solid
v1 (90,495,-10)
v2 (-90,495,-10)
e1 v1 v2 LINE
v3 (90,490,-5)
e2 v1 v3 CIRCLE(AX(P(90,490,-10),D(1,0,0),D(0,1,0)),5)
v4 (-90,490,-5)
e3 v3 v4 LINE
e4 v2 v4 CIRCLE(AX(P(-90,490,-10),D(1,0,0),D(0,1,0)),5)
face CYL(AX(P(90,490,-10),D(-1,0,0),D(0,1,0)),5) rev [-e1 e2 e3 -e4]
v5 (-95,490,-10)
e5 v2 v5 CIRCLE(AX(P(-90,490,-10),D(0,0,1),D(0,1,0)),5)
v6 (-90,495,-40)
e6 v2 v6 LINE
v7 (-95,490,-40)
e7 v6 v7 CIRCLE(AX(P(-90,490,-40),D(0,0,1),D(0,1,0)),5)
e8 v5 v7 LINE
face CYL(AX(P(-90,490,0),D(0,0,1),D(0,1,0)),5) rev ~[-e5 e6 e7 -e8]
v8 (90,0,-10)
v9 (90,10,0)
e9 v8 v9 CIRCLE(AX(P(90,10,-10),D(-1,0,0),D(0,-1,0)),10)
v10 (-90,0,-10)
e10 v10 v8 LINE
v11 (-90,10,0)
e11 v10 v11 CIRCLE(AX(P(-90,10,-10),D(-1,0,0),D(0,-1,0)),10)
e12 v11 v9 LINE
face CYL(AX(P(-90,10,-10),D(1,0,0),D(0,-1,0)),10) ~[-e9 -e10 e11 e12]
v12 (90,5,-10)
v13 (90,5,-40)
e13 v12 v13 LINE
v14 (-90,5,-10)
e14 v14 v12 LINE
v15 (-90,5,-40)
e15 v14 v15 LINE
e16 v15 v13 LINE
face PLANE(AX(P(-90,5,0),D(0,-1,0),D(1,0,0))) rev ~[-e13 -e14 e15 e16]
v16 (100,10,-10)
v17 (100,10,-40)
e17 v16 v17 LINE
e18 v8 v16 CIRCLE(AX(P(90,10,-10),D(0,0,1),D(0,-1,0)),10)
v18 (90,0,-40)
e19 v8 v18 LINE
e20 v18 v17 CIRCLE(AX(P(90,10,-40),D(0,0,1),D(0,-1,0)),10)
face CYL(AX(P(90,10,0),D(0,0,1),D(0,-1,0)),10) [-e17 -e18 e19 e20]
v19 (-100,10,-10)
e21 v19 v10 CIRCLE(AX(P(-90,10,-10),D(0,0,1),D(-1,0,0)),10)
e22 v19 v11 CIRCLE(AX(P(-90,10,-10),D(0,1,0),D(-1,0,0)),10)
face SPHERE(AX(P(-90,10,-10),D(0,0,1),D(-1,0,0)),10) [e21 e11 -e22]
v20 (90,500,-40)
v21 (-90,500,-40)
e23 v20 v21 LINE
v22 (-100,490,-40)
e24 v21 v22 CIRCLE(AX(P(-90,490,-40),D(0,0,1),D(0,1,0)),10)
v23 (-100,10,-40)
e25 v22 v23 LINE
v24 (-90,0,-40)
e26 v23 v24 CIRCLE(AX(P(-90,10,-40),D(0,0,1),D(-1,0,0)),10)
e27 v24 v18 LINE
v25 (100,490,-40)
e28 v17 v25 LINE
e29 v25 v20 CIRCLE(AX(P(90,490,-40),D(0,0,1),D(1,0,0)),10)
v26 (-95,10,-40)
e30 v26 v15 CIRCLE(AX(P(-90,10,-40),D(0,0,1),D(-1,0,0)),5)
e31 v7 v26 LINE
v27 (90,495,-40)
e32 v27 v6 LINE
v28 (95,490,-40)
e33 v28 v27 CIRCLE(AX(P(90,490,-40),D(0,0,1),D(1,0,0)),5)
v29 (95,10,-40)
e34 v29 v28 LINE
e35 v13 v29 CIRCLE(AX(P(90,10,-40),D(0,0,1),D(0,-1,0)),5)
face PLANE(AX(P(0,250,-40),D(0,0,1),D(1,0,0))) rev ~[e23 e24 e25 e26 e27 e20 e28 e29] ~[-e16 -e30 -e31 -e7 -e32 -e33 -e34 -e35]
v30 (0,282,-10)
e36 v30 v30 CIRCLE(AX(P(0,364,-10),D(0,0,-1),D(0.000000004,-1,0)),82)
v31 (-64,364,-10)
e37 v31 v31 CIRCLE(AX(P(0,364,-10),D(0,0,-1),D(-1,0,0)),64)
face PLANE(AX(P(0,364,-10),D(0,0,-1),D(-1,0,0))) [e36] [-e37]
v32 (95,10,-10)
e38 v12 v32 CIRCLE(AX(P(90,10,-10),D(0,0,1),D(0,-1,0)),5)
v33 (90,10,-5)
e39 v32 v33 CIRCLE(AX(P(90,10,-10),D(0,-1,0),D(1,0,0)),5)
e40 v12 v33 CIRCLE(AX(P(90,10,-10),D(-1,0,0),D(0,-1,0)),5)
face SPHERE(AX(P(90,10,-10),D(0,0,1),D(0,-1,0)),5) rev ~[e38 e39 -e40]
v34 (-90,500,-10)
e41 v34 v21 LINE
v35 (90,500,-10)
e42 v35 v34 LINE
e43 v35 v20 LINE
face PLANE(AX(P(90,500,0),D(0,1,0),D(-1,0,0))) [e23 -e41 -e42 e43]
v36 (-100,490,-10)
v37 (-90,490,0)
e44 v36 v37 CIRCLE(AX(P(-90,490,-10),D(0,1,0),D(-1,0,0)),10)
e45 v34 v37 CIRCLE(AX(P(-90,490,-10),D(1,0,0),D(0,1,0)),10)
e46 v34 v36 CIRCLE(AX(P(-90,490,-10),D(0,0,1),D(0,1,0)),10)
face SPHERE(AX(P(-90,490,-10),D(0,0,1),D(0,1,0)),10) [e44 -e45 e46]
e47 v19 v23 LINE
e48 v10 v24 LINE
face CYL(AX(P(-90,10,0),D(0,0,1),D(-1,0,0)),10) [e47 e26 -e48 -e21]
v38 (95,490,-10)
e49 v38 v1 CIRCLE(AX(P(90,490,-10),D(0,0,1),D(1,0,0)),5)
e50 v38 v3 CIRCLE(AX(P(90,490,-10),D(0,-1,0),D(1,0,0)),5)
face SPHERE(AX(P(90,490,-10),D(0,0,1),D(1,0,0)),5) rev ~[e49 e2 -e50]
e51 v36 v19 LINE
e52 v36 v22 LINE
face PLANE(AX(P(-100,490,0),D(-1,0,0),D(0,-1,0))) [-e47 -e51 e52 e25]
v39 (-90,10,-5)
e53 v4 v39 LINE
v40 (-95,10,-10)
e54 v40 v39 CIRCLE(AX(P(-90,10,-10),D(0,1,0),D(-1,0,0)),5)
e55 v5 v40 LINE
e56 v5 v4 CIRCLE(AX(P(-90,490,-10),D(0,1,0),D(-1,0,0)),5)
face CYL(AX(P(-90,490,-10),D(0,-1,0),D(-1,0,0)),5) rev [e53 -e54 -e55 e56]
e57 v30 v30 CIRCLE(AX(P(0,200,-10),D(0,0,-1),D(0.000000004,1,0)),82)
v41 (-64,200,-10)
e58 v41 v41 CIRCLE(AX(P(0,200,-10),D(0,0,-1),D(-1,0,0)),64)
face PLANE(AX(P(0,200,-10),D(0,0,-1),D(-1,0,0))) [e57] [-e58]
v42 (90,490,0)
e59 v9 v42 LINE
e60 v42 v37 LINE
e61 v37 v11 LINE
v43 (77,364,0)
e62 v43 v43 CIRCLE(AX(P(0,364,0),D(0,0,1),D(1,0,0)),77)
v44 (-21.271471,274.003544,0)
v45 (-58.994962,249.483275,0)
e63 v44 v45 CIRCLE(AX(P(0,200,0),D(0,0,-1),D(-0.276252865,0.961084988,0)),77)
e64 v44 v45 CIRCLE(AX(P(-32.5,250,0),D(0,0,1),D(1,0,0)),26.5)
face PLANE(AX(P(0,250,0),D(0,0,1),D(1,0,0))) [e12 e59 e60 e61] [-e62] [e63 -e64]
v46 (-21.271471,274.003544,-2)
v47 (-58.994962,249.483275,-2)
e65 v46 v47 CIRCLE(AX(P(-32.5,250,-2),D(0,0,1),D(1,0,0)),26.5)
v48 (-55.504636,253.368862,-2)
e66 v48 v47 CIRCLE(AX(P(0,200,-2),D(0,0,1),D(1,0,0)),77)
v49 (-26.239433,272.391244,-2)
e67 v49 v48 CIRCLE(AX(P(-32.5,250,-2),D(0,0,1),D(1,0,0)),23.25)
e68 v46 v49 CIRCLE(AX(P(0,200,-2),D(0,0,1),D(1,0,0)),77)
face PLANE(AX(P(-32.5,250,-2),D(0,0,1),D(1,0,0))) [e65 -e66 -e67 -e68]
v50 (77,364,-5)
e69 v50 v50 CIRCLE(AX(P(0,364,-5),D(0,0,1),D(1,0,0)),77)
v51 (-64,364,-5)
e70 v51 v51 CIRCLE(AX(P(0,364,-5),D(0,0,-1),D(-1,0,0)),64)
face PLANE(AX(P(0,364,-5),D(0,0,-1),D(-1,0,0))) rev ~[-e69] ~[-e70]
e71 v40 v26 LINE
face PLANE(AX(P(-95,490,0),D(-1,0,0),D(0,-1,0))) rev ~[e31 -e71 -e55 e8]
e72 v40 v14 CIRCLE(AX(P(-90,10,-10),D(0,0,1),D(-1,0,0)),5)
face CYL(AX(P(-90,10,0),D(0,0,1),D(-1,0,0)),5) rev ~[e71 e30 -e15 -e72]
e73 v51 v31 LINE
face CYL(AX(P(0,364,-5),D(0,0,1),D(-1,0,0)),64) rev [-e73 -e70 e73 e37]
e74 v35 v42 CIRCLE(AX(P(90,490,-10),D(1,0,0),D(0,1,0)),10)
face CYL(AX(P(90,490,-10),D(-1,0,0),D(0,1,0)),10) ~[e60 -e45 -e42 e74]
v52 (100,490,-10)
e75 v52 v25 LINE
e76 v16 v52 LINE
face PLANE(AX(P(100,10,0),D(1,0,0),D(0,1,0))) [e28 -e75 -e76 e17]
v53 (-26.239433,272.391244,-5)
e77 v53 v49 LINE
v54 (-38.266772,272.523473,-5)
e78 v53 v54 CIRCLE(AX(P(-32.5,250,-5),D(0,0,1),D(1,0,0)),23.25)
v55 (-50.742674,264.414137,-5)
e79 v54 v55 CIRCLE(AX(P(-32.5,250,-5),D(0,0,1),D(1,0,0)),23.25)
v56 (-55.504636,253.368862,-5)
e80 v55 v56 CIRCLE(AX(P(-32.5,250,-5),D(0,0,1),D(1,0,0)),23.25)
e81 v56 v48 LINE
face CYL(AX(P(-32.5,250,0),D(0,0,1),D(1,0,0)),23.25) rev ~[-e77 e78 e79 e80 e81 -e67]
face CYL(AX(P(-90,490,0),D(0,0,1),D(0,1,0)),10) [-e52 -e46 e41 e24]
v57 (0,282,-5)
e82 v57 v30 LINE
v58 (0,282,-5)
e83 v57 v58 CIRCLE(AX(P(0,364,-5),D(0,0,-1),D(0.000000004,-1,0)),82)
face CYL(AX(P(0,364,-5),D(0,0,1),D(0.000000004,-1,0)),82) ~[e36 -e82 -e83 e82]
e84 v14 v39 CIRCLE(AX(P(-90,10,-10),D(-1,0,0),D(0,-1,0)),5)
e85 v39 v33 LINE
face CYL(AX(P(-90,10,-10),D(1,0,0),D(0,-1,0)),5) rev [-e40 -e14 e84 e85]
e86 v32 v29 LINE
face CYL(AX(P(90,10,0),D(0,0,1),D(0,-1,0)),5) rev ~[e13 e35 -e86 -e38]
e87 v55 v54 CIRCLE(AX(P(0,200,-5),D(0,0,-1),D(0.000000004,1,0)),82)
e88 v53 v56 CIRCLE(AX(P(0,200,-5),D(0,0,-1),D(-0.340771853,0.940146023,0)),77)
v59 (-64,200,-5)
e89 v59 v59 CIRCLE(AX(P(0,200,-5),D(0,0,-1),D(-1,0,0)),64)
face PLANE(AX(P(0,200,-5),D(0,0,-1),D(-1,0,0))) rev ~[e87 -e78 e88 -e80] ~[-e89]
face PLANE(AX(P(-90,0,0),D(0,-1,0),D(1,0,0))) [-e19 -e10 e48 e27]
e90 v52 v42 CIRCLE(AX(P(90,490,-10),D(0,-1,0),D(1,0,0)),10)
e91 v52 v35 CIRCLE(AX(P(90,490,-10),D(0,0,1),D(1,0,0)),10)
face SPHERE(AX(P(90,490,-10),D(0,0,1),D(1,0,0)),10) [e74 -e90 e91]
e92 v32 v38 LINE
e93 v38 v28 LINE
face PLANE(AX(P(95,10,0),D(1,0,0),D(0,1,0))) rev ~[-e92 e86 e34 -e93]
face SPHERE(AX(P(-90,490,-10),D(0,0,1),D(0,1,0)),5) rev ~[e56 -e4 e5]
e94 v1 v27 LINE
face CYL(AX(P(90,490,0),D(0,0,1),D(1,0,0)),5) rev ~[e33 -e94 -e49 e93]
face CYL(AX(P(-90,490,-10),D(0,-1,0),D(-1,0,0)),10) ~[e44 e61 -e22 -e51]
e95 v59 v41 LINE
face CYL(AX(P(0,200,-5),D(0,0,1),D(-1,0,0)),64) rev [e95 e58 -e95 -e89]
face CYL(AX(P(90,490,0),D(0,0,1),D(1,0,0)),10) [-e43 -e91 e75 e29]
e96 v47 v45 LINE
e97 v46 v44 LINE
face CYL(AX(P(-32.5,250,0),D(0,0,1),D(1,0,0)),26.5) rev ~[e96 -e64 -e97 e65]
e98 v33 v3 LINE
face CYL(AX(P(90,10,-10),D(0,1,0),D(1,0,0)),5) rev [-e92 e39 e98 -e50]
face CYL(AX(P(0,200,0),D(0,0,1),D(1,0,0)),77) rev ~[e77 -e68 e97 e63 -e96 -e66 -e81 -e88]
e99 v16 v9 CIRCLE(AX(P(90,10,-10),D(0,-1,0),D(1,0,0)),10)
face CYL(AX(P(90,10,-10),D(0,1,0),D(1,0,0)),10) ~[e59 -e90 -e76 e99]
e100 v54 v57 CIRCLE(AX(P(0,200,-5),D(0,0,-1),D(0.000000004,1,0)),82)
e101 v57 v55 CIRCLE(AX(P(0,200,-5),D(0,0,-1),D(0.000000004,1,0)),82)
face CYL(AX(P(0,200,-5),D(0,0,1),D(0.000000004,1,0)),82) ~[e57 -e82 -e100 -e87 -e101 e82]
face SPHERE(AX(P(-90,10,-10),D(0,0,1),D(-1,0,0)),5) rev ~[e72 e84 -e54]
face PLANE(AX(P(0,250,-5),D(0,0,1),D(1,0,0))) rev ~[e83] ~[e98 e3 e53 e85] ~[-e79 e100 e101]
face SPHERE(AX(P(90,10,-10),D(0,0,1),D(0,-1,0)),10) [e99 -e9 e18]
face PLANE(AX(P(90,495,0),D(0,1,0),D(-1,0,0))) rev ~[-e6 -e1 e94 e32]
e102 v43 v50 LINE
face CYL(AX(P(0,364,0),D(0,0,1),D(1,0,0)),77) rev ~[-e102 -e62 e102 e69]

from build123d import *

# Parameters (mm, degrees)
PAD_DEPTH       = 40
FILLET_R        = 10
THICKNESS_T     = -5
SKETCH043_R     = 64
SKETCH043_R_2   = 23.25
POCKET007_DEPTH = 40.001
SKETCH046_R     = 26.5
POCKET009_DEPTH = 2
SKETCH045_R     = 77
POCKET010_DEPTH = 5.3
SKETCH047_R     = 82
SKETCH047_R_2   = 64
PAD028_DEPTH    = 5


with BuildPart() as part:
    # Sketch → Pad (new body)
    with BuildSketch(Plane.XY):
        with BuildLine():
            Line((-100, 490), (-100, 10))
            ThreePointArc((-100, 10), (-97.0710678119, 2.9289321881), (-90, 0))
            Line((-90, 0), (90, 0))
            ThreePointArc((90, 0), (97.0710678119, 2.9289321881), (100, 10))
            Line((100, 10), (100, 490))
            ThreePointArc((100, 490), (97.0710678119, 497.0710678119), (90, 500))
            Line((90, 500), (-90, 500))
            ThreePointArc((-90, 500), (-97.0710678119, 497.0710678119), (-100, 490))
        make_face()
    extrude(amount=-PAD_DEPTH)

    # Fillet
    fillet_edges = [part.edges().sort_by_distance(p)[0] for p in [
        (-100, 250, 0),
        (-97.071068, 2.928932, 0),
        (0, 0, 0),
        (97.071068, 2.928932, 0),
        (100, 250, 0),
        (97.071068, 497.071068, 0),
        (0, 500, 0),
        (-97.071068, 497.071068, 0),
    ]]
    fillet(fillet_edges, radius=FILLET_R)

    # Thickness
    thickness_openings = [part.faces().sort_by_distance(p)[0] for p in [
        (0, 250, -40),
    ]]
    offset(amount=THICKNESS_T, openings=thickness_openings)

    # Sketch043 → Pocket007 (cut, through all)
    with BuildSketch(Plane.XY):
        with Locations((0, 200)):
            Circle(SKETCH043_R)
        with Locations((-32.5, 250)):
            Circle(SKETCH043_R_2)
        with Locations((0, 364)):
            Circle(SKETCH043_R)
    extrude(amount=-POCKET007_DEPTH, mode=Mode.SUBTRACT)

    # Sketch046 (on Face9 of Pad) → Pocket009 (cut)
    with BuildSketch(Plane.XY):
        with Locations((-32.5, 250)):
            Circle(SKETCH046_R)
    extrude(amount=-POCKET009_DEPTH, mode=Mode.SUBTRACT)

    # Sketch045 (on Face9 of Pad) → Pocket010 (cut)
    with BuildSketch(Plane.XY):
        with Locations((0, 200)):
            Circle(SKETCH045_R)
        with Locations((0, 364)):
            Circle(SKETCH045_R)
    extrude(amount=-POCKET010_DEPTH, mode=Mode.SUBTRACT)

    # Sketch047 (on Face31 of Thickness) → Pad028 (join)
    with BuildSketch(Plane(origin=(0, 0, -5), x_dir=(-1, 0, 0), z_dir=(0, 0, -1))):
        with Locations((0, 200)):
            Circle(SKETCH047_R)
        with Locations((0, 200)):
            Circle(SKETCH047_R_2, mode=Mode.SUBTRACT)
        with Locations((0, 364)):
            Circle(SKETCH047_R)
        with Locations((0, 364)):
            Circle(SKETCH047_R_2, mode=Mode.SUBTRACT)
    extrude(amount=PAD028_DEPTH)


solid = part.part
